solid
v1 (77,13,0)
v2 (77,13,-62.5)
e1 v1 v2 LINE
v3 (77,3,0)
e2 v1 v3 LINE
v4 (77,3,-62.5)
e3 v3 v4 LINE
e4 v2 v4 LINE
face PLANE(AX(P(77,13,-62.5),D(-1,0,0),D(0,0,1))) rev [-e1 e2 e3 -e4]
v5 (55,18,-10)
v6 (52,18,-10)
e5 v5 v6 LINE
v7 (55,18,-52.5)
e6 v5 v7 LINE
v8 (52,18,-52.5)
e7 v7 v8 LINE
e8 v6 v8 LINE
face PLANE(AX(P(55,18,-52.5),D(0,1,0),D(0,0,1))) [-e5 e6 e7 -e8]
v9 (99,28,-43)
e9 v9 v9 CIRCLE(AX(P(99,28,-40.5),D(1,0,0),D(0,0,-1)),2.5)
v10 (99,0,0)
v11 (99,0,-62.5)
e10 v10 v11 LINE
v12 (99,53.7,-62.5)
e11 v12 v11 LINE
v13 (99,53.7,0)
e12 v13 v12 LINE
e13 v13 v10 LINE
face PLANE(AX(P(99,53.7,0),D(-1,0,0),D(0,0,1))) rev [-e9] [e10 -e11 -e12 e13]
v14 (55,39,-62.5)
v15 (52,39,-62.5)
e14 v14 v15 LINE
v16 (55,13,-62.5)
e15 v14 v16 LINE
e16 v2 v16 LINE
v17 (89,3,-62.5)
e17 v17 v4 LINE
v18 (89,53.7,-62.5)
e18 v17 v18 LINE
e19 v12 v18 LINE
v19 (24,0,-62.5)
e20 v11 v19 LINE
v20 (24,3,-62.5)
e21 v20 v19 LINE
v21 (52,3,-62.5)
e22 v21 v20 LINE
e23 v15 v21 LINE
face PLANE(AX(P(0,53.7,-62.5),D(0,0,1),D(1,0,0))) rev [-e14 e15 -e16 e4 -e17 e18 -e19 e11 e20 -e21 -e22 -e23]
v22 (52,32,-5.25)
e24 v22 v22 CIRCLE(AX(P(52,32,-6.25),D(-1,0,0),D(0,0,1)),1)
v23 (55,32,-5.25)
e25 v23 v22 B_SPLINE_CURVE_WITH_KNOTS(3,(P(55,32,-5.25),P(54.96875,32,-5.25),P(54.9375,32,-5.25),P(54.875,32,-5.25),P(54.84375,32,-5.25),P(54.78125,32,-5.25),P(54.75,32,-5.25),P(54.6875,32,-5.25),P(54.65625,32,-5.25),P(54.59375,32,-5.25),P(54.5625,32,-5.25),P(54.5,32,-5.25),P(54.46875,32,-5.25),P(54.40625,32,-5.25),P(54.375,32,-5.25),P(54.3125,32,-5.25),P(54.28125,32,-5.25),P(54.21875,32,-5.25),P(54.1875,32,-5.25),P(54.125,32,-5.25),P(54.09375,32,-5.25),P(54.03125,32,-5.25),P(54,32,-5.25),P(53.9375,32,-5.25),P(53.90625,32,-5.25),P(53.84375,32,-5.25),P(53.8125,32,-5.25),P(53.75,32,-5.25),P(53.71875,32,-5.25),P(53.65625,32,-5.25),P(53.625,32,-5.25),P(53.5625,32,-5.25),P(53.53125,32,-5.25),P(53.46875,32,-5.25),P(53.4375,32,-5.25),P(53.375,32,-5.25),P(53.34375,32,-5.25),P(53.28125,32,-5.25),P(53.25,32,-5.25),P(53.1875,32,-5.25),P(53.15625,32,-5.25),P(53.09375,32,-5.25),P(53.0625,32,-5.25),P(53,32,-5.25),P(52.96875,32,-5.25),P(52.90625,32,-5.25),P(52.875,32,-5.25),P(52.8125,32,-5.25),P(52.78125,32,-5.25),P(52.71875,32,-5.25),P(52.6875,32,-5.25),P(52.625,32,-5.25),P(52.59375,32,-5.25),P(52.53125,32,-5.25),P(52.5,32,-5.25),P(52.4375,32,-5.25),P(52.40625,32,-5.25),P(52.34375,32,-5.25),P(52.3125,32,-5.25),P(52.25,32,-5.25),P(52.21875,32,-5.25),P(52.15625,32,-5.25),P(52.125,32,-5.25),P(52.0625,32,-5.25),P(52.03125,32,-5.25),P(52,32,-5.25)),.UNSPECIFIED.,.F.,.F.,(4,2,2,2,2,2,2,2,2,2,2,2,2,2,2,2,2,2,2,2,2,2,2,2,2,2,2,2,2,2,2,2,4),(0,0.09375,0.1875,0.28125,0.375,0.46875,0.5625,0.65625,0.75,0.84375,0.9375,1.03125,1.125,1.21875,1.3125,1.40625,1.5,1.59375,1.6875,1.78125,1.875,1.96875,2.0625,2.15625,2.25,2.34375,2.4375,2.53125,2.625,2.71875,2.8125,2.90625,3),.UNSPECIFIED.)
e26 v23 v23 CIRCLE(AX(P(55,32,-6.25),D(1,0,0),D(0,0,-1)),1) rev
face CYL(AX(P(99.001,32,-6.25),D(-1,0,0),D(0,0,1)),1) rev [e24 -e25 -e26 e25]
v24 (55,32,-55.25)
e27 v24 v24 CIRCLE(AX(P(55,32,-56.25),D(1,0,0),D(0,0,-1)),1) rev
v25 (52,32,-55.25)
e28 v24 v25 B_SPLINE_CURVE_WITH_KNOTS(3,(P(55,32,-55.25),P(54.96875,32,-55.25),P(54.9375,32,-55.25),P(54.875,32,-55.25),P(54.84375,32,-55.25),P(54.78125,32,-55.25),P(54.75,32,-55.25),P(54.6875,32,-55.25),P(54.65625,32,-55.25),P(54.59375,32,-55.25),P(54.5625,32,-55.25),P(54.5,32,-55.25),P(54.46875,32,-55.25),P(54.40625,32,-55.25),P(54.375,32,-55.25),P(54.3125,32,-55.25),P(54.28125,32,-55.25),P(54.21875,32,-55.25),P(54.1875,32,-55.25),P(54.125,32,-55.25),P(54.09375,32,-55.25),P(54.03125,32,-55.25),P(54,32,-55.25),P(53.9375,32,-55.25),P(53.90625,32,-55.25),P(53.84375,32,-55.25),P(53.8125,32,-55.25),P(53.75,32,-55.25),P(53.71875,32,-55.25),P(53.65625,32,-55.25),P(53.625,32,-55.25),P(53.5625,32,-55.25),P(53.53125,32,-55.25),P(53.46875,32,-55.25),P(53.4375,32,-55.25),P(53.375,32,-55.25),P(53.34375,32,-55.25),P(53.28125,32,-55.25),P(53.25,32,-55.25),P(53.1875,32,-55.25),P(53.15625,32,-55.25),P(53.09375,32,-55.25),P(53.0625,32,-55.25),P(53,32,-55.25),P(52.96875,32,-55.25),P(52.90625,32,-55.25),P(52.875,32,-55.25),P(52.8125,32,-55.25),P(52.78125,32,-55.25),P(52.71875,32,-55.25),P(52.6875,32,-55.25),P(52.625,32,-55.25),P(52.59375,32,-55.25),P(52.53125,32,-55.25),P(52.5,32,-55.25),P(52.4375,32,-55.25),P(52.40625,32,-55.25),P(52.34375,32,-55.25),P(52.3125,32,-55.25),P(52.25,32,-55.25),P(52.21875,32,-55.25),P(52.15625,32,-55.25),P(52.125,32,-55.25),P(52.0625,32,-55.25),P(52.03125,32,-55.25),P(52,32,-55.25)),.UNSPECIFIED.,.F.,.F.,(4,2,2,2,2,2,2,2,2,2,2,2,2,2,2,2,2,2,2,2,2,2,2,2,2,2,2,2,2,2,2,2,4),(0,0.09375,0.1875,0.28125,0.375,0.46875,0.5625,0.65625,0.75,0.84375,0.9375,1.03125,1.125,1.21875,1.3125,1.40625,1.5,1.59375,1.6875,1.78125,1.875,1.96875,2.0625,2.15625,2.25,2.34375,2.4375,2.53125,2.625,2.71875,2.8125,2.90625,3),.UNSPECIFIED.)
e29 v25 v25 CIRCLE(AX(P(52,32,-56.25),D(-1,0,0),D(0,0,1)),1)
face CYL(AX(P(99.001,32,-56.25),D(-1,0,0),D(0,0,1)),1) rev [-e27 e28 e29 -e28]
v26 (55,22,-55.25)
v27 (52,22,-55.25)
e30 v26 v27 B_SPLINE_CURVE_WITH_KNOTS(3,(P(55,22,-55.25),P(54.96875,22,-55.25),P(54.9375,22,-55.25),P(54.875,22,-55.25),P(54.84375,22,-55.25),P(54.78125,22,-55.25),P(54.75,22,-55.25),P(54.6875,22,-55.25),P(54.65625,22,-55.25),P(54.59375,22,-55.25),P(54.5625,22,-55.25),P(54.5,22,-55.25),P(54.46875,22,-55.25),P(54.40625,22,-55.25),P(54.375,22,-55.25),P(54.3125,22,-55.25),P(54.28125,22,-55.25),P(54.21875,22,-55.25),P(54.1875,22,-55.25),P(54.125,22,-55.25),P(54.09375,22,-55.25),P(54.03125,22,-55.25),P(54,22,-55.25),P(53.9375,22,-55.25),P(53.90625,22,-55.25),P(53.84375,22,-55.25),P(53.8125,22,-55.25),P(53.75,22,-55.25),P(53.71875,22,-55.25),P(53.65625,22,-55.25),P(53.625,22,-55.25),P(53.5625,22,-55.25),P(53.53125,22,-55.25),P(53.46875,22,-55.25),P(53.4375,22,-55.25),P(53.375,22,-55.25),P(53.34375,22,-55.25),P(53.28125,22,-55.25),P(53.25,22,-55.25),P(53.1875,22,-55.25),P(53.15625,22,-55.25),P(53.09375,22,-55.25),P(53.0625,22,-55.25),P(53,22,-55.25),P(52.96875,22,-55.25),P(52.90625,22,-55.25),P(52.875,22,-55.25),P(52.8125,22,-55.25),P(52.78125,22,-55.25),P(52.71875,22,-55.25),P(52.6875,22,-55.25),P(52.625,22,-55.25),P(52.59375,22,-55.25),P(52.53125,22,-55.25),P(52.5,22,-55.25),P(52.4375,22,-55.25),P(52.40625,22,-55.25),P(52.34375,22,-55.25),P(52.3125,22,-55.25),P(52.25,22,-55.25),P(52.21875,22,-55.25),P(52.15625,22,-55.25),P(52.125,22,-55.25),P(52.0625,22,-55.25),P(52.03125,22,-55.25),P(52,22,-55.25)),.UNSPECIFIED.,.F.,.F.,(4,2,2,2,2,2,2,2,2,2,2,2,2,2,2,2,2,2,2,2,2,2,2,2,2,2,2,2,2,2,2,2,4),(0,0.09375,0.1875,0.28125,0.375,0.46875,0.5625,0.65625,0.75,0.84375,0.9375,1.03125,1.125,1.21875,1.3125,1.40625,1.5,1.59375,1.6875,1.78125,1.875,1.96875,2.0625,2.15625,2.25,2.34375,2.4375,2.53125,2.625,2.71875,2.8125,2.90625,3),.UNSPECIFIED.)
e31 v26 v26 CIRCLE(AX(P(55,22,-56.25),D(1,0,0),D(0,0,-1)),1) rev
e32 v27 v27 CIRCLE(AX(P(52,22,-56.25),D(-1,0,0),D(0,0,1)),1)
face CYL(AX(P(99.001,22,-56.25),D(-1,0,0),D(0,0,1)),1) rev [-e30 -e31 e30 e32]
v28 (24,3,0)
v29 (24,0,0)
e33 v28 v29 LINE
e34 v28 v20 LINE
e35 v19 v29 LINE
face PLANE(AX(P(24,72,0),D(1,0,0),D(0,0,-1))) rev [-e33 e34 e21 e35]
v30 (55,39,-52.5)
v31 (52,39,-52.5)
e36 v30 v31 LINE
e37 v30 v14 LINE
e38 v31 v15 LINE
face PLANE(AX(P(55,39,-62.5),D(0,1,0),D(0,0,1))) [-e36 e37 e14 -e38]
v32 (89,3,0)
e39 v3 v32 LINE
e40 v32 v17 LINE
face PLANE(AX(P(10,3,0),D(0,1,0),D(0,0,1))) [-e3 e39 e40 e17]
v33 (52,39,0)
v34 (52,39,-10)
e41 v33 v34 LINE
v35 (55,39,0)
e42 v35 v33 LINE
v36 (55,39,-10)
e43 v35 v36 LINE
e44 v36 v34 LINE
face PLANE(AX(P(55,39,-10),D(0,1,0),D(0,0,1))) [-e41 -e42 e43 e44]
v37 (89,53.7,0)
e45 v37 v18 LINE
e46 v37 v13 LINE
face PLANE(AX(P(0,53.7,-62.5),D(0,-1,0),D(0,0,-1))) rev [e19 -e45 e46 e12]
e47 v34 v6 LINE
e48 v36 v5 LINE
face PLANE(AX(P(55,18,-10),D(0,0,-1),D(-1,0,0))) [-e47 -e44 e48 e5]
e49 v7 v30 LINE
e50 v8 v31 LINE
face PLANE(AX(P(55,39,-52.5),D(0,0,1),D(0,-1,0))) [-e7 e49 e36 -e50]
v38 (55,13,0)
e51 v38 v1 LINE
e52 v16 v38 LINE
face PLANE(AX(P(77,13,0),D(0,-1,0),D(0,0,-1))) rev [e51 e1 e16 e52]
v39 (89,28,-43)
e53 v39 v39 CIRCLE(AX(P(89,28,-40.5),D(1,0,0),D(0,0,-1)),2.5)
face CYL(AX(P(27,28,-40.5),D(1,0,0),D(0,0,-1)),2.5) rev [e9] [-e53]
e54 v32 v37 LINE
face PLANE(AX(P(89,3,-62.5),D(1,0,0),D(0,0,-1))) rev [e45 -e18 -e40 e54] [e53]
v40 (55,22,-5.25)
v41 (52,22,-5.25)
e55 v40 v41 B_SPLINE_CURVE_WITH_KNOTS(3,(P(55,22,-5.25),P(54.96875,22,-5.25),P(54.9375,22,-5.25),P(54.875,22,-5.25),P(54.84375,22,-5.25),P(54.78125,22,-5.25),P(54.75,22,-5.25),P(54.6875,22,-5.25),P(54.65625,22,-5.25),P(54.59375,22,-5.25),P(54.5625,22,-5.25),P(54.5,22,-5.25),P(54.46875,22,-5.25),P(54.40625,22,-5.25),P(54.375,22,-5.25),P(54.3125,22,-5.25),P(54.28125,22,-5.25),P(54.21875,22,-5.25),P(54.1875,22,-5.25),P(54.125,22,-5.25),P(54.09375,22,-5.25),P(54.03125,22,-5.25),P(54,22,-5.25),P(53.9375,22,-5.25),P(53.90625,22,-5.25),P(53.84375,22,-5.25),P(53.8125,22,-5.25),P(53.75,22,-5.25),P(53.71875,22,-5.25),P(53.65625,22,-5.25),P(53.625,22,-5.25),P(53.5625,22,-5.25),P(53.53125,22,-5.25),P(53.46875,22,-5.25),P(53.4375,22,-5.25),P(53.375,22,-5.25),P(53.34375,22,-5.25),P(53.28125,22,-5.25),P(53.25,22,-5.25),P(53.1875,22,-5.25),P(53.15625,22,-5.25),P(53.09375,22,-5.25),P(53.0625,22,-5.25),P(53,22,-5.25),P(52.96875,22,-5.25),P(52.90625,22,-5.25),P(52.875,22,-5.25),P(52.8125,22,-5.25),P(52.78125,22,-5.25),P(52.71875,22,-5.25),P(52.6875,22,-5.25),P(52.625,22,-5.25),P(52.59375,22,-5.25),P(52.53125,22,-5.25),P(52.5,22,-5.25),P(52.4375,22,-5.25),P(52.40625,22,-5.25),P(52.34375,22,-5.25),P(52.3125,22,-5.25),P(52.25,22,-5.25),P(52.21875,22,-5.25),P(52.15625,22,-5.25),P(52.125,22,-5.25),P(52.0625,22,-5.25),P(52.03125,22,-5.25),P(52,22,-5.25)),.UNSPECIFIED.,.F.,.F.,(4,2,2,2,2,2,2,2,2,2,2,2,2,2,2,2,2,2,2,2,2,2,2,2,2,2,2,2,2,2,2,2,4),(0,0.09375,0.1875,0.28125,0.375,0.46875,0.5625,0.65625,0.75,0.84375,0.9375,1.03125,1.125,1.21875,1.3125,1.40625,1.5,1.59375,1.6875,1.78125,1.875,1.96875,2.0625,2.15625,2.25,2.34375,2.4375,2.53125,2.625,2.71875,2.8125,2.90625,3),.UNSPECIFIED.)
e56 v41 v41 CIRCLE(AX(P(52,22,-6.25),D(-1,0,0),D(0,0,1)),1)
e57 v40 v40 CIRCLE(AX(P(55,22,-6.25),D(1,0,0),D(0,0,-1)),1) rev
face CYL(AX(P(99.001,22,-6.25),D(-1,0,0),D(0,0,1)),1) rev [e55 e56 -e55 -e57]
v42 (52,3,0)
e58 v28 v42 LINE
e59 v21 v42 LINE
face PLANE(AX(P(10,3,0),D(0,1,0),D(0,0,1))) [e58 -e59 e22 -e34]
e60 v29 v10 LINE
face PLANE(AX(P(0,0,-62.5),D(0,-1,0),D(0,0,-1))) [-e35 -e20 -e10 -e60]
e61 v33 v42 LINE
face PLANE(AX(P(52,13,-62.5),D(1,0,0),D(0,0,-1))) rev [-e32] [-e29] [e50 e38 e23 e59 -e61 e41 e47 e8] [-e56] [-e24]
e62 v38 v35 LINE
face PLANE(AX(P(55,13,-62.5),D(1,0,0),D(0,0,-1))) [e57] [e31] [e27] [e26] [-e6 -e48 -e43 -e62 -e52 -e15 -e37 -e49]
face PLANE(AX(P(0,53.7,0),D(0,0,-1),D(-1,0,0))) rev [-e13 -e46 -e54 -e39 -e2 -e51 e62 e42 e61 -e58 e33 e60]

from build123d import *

# Parameters (mm, degrees)
SKETCH1_W           = 99
SKETCH1_H           = 62.5
BOSS_EXTRUDE1_DEPTH = 53.7
SKETCH2_W           = 79
SKETCH2_H           = 62.5
CUT_EXTRUDE1_DEPTH  = 50.7
SKETCH3_W           = 25
SKETCH3_H           = 62.5
BOSS_EXTRUDE2_DEPTH = 10
BOSS_EXTRUDE4_DEPTH = 3
SKETCH5_W           = 24
SKETCH5_H           = 62.5
CUT_EXTRUDE3_DEPTH  = 72
CUT_EXTRUDE4_REACH  = 96.863
SKETCH6_R           = 1
SKETCH7_R           = 2.5
CUT_EXTRUDE5_DEPTH  = 72


with BuildPart() as part:
    # Sketch1 → Boss-Extrude1 (new body)
    with BuildSketch(Plane(origin=(0, 0, 0), x_dir=(1, 0, 0), z_dir=(0, 1, 0))):
        with Locations((49.5, 31.25)):
            Rectangle(SKETCH1_W, SKETCH1_H)
    extrude(amount=BOSS_EXTRUDE1_DEPTH)

    # Sketch2 → Cut-Extrude1 (cut)
    with BuildSketch(Plane(origin=(0, 53.7, 0), x_dir=(1, 0, 0), z_dir=(0, 1, 0))):
        with Locations((49.5, 31.25)):
            Rectangle(SKETCH2_W, SKETCH2_H)
    extrude(amount=-CUT_EXTRUDE1_DEPTH, mode=Mode.SUBTRACT)

    # Sketch3 → Boss-Extrude2 (add)
    with BuildSketch(Plane(origin=(0, 3, 0), x_dir=(1, 0, 0), z_dir=(0, 1, 0))):
        with Locations((64.5, 31.25)):
            Rectangle(SKETCH3_W, SKETCH3_H)
    extrude(amount=BOSS_EXTRUDE2_DEPTH)

    # Sketch4 → Boss-Extrude4 (add)
    with BuildSketch(Plane.ZY.offset(-52)):
        Polygon((-62.5, 13), (-62.5, 39), (-52.5, 39), (-52.5, 18), (-10, 18), (-10, 39), (0, 39), (0, 13), align=None)
    extrude(amount=-BOSS_EXTRUDE4_DEPTH)

    # Sketch5 → Cut-Extrude3 (cut)
    with BuildSketch(Plane.XZ):
        with Locations((12, -31.25)):
            Rectangle(SKETCH5_W, SKETCH5_H)
    extrude(amount=-CUT_EXTRUDE3_DEPTH, mode=Mode.SUBTRACT)

    # Sketch6 → Cut-Extrude4 (cut, up to next)
    with BuildSketch(Plane.ZY.offset(-52), mode=Mode.PRIVATE) as cut_extrude4_sk1:
        with Locations((-56.25, 32)):
            Circle(SKETCH6_R)
    cut_extrude4_tool1 = extrude(cut_extrude4_sk1.sketch, amount=-CUT_EXTRUDE4_REACH, mode=Mode.PRIVATE) & part.part
    # Sketch6 → Cut-Extrude4 (cut, up to next)
    with BuildSketch(Plane.ZY.offset(-52), mode=Mode.PRIVATE) as cut_extrude4_sk2:
        with Locations((-56.25, 22)):
            Circle(SKETCH6_R)
    cut_extrude4_tool2 = extrude(cut_extrude4_sk2.sketch, amount=-CUT_EXTRUDE4_REACH, mode=Mode.PRIVATE) & part.part
    # Sketch6 → Cut-Extrude4 (cut, up to next)
    with BuildSketch(Plane.ZY.offset(-52), mode=Mode.PRIVATE) as cut_extrude4_sk3:
        with Locations((-6.25, 22)):
            Circle(SKETCH6_R)
    cut_extrude4_tool3 = extrude(cut_extrude4_sk3.sketch, amount=-CUT_EXTRUDE4_REACH, mode=Mode.PRIVATE) & part.part
    # Sketch6 → Cut-Extrude4 (cut, up to next)
    with BuildSketch(Plane.ZY.offset(-52), mode=Mode.PRIVATE) as cut_extrude4_sk4:
        with Locations((-6.25, 32)):
            Circle(SKETCH6_R)
    cut_extrude4_tool4 = extrude(cut_extrude4_sk4.sketch, amount=-CUT_EXTRUDE4_REACH, mode=Mode.PRIVATE) & part.part
    add(cut_extrude4_tool1.solids().sort_by_distance((52, 32, -56.25))[0], mode=Mode.SUBTRACT)
    add(cut_extrude4_tool2.solids().sort_by_distance((52, 22, -56.25))[0], mode=Mode.SUBTRACT)
    add(cut_extrude4_tool3.solids().sort_by_distance((52, 22, -6.25))[0], mode=Mode.SUBTRACT)
    add(cut_extrude4_tool4.solids().sort_by_distance((52, 32, -6.25))[0], mode=Mode.SUBTRACT)

    # Sketch7 → Cut-Extrude5 (cut)
    with BuildSketch(Plane(origin=(99, 0, 0), x_dir=(0, 0, -1), z_dir=(1, 0, 0))):
        with Locations((40.5, 28)):
            Circle(SKETCH7_R)
    extrude(amount=-CUT_EXTRUDE5_DEPTH, mode=Mode.SUBTRACT)


solid = part.part
